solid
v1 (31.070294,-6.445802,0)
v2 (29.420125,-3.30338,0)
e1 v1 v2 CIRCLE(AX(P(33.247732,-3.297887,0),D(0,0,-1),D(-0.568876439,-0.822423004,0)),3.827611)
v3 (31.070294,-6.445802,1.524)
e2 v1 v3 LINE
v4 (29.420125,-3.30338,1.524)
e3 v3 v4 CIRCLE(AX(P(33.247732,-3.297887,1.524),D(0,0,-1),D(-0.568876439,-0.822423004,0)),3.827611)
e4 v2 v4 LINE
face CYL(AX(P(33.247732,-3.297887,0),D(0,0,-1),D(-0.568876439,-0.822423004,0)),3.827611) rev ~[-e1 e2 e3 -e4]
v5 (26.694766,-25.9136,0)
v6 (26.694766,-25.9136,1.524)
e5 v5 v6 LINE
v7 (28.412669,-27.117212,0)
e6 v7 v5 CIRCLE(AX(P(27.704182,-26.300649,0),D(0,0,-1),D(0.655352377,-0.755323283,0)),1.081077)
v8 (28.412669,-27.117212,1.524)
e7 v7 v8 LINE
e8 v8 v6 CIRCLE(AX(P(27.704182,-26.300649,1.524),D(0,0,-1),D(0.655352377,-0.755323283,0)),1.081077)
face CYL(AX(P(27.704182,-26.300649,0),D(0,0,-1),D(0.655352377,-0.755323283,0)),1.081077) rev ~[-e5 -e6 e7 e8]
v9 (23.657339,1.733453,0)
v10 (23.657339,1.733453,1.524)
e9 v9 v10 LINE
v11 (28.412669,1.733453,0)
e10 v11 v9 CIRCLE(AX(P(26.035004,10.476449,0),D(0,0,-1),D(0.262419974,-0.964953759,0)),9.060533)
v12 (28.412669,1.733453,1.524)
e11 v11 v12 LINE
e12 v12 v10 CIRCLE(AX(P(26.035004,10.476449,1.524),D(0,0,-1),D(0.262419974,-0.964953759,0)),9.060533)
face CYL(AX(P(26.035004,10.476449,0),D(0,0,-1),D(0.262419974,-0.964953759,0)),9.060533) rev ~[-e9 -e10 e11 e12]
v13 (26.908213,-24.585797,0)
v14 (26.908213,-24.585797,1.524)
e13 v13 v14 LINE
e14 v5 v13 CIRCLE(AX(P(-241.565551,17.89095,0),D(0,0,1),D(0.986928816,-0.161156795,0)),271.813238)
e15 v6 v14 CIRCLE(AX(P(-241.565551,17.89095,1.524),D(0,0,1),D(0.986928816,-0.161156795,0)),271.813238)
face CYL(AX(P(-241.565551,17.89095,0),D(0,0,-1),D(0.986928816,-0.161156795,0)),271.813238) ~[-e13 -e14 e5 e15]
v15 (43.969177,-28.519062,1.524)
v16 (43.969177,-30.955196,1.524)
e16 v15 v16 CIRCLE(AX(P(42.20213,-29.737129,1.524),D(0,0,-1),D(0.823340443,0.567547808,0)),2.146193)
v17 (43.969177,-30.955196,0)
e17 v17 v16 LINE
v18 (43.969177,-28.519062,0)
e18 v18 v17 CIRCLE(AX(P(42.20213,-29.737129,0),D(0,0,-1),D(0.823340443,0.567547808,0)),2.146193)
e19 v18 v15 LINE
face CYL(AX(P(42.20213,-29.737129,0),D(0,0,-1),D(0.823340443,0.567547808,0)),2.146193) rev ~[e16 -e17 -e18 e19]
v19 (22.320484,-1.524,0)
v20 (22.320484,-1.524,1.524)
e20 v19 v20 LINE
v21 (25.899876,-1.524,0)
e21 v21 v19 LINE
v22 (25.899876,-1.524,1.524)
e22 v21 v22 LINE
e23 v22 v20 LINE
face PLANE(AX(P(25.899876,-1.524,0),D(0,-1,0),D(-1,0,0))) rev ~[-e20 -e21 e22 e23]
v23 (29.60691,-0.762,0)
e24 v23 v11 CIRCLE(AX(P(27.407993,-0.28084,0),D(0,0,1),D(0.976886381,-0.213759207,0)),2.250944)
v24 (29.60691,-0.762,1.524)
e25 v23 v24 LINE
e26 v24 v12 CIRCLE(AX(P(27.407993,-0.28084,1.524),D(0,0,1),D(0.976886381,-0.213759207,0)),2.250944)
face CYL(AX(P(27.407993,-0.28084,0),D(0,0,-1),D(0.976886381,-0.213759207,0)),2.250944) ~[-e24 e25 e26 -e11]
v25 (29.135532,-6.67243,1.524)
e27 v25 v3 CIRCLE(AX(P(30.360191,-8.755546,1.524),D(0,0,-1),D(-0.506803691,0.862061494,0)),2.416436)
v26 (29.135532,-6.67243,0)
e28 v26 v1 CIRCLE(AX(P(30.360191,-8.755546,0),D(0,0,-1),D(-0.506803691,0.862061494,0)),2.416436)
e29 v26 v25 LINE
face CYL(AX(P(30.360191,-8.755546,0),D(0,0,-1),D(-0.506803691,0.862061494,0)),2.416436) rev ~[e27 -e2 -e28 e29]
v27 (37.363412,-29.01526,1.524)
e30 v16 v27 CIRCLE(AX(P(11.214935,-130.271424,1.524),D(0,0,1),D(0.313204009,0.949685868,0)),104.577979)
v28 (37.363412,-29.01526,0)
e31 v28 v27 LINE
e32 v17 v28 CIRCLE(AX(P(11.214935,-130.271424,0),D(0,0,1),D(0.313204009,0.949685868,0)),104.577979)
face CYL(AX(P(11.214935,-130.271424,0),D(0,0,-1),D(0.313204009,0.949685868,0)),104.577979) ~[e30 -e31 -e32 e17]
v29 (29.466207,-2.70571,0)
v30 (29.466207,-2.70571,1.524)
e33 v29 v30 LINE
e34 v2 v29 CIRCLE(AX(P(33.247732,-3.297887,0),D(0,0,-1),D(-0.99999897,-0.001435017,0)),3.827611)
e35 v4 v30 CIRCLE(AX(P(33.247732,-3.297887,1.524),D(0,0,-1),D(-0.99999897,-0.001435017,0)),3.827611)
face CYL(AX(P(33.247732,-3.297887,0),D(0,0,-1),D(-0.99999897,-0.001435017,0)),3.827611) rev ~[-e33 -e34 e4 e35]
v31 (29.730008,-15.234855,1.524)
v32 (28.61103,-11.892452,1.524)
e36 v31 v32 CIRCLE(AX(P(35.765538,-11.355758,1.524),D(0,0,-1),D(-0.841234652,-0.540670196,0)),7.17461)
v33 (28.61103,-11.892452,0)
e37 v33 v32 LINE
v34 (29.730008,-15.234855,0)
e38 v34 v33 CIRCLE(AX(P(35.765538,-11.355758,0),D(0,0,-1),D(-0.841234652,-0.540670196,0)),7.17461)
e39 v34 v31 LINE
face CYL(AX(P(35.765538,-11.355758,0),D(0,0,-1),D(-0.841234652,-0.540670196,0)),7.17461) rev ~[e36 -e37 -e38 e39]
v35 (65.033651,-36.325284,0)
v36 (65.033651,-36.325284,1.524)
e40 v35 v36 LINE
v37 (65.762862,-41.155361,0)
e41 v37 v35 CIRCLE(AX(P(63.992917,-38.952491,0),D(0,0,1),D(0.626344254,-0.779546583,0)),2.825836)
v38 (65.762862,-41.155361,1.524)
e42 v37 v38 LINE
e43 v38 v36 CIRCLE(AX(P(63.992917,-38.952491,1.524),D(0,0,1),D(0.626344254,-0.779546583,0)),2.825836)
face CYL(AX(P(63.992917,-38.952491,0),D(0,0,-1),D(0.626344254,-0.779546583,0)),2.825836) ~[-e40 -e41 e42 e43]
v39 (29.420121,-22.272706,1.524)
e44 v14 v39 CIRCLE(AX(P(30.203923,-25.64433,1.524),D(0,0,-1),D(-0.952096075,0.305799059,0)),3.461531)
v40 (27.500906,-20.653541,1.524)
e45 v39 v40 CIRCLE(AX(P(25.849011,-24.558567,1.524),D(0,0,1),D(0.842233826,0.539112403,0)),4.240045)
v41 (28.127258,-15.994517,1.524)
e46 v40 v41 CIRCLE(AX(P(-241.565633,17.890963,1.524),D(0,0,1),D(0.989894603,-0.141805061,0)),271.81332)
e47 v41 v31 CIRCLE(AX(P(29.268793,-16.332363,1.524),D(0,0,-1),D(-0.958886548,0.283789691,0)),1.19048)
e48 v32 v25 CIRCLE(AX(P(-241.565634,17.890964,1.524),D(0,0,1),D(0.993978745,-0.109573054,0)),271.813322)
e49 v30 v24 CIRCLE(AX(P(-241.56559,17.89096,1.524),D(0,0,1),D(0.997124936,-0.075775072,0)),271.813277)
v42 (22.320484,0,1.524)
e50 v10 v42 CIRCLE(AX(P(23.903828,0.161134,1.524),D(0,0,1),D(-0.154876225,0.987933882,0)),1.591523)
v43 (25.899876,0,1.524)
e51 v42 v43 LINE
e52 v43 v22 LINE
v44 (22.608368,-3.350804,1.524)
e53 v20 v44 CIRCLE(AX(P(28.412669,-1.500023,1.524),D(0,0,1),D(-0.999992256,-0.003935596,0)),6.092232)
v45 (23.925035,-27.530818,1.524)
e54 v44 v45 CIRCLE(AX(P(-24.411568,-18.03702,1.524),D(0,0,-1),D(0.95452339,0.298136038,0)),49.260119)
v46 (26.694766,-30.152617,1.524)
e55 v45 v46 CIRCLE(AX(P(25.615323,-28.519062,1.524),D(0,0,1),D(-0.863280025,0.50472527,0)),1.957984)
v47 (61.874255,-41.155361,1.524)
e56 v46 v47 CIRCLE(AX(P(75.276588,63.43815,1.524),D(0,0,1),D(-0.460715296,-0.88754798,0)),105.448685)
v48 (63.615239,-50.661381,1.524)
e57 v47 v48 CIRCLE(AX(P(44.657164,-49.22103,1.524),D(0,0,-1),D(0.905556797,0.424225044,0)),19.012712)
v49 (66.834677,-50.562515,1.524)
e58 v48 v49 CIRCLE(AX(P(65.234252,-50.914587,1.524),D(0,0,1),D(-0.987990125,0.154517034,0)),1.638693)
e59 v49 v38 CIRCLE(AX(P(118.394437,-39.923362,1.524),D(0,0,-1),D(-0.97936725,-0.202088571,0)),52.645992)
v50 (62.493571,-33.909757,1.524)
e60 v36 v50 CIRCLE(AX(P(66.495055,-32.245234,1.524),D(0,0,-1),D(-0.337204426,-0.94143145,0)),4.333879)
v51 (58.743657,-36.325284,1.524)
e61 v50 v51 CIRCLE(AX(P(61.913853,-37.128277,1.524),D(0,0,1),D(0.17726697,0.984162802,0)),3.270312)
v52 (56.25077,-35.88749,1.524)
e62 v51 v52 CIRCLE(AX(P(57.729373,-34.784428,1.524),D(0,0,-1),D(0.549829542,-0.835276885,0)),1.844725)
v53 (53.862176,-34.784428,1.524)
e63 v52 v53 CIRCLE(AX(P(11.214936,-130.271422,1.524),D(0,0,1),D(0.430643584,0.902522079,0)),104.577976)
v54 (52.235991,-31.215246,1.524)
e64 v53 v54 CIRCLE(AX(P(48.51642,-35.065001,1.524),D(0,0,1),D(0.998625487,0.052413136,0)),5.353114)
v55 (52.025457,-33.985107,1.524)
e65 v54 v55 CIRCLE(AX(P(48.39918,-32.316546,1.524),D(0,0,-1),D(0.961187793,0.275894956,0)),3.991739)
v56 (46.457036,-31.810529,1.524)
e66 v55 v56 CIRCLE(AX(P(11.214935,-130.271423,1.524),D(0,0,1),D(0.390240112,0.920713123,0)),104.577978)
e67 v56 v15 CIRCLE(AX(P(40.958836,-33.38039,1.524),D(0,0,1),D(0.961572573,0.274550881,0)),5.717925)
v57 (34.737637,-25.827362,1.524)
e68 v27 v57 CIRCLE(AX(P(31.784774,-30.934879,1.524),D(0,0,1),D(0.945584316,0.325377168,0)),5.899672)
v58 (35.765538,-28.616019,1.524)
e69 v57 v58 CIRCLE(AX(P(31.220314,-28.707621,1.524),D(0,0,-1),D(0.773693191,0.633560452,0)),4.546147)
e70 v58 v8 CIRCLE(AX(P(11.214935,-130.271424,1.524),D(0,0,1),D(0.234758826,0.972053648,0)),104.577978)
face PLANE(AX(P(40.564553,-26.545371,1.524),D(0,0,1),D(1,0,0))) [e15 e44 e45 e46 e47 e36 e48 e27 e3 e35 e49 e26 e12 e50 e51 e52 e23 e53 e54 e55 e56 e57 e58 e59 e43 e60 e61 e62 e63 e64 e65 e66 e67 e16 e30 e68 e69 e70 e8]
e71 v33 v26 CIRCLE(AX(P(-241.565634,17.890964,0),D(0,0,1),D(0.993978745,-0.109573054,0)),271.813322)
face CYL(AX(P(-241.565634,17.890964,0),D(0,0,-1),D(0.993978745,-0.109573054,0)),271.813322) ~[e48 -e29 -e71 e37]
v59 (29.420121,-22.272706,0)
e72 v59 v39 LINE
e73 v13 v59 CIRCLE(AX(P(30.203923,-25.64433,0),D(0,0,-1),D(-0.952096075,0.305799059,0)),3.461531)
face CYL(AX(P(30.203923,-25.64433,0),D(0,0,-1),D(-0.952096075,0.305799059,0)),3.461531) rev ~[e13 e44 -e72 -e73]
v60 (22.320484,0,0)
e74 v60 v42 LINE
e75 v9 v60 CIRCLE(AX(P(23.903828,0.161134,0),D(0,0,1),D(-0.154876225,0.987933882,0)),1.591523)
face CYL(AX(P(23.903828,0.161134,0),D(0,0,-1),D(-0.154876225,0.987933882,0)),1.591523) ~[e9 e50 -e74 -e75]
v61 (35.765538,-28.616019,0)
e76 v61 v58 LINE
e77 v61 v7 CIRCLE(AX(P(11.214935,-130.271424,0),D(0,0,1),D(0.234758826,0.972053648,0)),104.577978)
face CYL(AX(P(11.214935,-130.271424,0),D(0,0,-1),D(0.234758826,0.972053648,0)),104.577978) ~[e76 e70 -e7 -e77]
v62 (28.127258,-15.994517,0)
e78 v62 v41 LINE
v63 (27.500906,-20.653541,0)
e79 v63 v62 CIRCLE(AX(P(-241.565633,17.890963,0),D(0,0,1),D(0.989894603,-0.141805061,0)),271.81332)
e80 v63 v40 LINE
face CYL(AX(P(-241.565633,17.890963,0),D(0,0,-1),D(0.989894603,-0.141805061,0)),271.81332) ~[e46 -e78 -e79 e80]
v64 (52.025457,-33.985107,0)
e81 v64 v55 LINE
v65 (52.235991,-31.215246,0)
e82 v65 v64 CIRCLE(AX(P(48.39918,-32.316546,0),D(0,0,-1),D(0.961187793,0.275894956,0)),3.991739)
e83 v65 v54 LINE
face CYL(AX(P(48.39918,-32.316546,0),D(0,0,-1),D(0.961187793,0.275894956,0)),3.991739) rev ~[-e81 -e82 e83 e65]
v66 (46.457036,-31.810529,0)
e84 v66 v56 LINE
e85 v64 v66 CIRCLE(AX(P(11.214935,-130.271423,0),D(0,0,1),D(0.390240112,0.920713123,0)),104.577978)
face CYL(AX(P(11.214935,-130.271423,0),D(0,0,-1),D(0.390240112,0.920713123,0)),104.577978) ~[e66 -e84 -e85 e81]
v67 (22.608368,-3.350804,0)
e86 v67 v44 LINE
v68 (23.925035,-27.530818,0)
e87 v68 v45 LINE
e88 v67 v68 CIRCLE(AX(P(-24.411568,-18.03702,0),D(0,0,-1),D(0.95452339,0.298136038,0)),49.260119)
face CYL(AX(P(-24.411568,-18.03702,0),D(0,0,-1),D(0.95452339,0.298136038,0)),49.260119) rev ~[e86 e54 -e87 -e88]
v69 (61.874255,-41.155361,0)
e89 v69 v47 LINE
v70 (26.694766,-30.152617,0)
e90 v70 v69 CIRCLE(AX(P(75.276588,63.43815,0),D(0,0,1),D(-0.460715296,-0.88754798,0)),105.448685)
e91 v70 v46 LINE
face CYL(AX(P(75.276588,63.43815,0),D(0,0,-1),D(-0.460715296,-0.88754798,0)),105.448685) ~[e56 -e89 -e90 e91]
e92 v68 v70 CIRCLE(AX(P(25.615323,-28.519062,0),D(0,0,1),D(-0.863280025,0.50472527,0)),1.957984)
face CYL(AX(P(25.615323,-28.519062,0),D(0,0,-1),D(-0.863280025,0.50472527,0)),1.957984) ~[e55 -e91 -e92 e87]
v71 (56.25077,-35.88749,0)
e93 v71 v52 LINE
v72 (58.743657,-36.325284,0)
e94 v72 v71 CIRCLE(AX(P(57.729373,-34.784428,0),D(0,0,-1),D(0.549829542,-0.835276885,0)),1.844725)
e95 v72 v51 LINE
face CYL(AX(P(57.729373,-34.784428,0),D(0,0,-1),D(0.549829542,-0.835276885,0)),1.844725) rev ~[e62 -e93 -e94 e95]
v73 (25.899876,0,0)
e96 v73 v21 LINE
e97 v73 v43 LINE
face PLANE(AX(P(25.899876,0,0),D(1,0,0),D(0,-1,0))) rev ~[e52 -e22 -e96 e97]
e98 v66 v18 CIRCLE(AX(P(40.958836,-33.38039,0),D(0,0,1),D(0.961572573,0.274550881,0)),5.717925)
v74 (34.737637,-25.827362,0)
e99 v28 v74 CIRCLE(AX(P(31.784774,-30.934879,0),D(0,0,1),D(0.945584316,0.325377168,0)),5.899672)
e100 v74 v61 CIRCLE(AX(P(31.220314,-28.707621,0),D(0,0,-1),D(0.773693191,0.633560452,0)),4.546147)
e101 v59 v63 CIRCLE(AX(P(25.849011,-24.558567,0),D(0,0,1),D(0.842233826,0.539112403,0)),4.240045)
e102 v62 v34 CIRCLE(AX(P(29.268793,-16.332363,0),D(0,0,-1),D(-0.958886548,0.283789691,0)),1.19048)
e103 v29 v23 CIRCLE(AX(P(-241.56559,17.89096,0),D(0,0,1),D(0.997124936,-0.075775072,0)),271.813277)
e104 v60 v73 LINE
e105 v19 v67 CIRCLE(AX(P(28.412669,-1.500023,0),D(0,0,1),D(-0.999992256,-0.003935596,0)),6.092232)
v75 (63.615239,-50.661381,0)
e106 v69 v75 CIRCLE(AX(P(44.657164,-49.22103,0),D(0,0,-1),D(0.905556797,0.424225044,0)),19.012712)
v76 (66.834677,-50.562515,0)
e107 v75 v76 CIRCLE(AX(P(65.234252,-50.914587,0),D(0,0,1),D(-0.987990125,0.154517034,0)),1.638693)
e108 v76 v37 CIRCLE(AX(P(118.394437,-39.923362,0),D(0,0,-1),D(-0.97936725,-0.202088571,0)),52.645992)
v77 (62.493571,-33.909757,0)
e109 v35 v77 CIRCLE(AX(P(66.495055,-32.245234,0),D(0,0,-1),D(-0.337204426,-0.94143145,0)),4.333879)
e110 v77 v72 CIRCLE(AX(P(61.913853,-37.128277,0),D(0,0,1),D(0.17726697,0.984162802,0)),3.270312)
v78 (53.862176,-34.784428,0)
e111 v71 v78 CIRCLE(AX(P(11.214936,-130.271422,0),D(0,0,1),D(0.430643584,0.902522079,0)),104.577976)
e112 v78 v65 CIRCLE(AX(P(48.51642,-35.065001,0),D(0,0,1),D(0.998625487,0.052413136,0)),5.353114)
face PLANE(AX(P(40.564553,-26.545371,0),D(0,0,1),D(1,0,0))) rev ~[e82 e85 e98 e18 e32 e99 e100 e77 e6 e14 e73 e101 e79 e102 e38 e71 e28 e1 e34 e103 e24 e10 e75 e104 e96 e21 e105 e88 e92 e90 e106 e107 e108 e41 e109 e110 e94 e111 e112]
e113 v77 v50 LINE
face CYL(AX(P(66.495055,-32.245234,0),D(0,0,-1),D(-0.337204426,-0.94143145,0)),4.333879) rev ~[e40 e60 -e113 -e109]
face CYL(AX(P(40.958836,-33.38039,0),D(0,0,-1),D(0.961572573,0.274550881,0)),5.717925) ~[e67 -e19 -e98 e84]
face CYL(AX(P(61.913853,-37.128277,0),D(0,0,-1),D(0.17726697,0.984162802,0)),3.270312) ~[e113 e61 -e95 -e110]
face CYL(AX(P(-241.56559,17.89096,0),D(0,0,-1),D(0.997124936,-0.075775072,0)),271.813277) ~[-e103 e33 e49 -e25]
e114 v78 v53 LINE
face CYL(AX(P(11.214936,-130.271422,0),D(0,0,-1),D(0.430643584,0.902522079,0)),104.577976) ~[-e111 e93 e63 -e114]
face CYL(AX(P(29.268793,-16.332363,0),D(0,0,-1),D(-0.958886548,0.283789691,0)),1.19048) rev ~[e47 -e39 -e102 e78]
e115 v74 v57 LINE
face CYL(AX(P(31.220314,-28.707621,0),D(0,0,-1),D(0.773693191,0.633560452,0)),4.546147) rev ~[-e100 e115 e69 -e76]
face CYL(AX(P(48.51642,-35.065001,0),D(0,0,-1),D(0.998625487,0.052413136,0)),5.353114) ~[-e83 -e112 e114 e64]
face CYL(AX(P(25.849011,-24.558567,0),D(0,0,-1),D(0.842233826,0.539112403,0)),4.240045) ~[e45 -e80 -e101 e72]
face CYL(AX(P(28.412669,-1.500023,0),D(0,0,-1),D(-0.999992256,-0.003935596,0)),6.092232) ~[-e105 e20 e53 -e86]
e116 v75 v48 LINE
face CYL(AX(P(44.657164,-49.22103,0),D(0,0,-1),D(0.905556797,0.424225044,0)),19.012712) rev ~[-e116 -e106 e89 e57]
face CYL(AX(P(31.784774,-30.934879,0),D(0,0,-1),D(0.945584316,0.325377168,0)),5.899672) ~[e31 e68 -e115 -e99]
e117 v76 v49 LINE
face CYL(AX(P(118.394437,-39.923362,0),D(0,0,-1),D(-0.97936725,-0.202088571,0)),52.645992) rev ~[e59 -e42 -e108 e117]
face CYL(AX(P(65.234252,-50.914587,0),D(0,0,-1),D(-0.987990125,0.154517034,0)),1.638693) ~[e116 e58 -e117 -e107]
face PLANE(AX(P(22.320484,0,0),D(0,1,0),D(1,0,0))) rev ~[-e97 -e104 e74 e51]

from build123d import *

# Parameters (mm, degrees)
BOSS_EXTRUDE1_DEPTH = 1.524


with BuildPart() as part:
    # Sketch1 → Boss-Extrude1 (new body)
    with BuildSketch(Plane.XY):
        with BuildLine():
            Line((25.899875794, 0), (25.899875794, -1.524))
            Line((25.899875794, -1.524), (22.32048354, -1.524))
            ThreePointArc((22.32048354, -1.524), (22.394704152, -2.448389179), (22.608367924, -3.350803633))
            ThreePointArc((22.608367924, -3.350803633), (24.775682693, -15.358642742), (23.925034543, -27.530818024))
            ThreePointArc((23.925034543, -27.530818024), (24.269313487, -29.941018013), (26.694765546, -30.152617376))
            ThreePointArc((26.694765546, -30.152617376), (43.800025443, -37.203050355), (61.874254559, -41.155361478))
            ThreePointArc((61.874254559, -41.155361478), (63.35881503, -45.79590736), (63.615238945, -50.661380887))
            ThreePointArc((63.615238945, -50.661380887), (65.284550388, -52.552507853), (66.8346767, -50.562515312))
            ThreePointArc((66.8346767, -50.562515312), (66.086863923, -45.883082095), (65.762862434, -41.155361478))
            ThreePointArc((65.762862434, -41.155361478), (66.787088001, -38.530646728), (65.033651376, -36.325283826))
            ThreePointArc((65.033651376, -36.325283826), (63.508505747, -35.385780492), (62.493571354, -33.909757498))
            ThreePointArc((62.493571354, -33.909757498), (60.142882659, -34.378985159), (58.743656643, -36.325283826))
            ThreePointArc((58.743656643, -36.325283826), (57.410289813, -36.601347141), (56.250770366, -35.887489516))
            ThreePointArc((56.250770366, -35.887489516), (55.059942052, -35.328446838), (53.862175702, -34.784427942))
            ThreePointArc((53.862175702, -34.784427942), (53.387744375, -32.845536507), (52.235990682, -31.215245578))
            ThreePointArc((52.235990682, -31.215245578), (52.379437809, -32.619080701), (52.025456966, -33.985106943))
            ThreePointArc((52.025456966, -33.985106943), (49.256787636, -32.858021413), (46.457035721, -31.810528756))
            ThreePointArc((46.457035721, -31.810528756), (45.520333016, -29.932577753), (43.969177054, -28.519061884))
            ThreePointArc((43.969177054, -28.519061884), (44.348322504, -29.737128844), (43.969177054, -30.955195804))
            ThreePointArc((43.969177054, -30.955195804), (40.682262853, -29.930853217), (37.363411838, -29.015260162))
            ThreePointArc((37.363411838, -29.015260162), (36.338596802, -27.1840345), (34.737637182, -25.82736152))
            ThreePointArc((34.737637182, -25.82736152), (35.485911293, -27.135318264), (35.76553834, -28.616018674))
            ThreePointArc((35.76553834, -28.616018674), (32.102551283, -27.80064259), (28.412668556, -27.117211688))
            ThreePointArc((28.412668556, -27.117211688), (27.08385139, -27.186040378), (26.694765546, -25.913599945))
            ThreePointArc((26.694765546, -25.913599945), (26.802310466, -25.249830728), (26.908212993, -24.585797492))
            ThreePointArc((26.908212993, -24.585797492), (27.859098363, -23.097961687), (29.420120996, -22.272706147))
            ThreePointArc((29.420120996, -22.272706147), (28.583123123, -21.317792963), (27.500905932, -20.653541067))
            ThreePointArc((27.500905932, -20.653541067), (27.824154163, -18.325383322), (28.127257878, -15.994517379))
            ThreePointArc((28.127257878, -15.994517379), (28.758910246, -15.256602171), (29.730007897, -15.234855434))
            ThreePointArc((29.730007897, -15.234855434), (28.962069061, -13.633439137), (28.611030242, -11.892452072))
            ThreePointArc((28.611030242, -11.892452072), (28.885875625, -9.28370644), (29.135532328, -6.672429877))
            ThreePointArc((29.135532328, -6.672429877), (30.079064964, -6.355518981), (31.070294126, -6.44580243))
            ThreePointArc((31.070294126, -6.44580243), (29.85894962, -5.077426559), (29.420124937, -3.303380072))
            ThreePointArc((29.420124937, -3.303380072), (29.431447758, -3.003641616), (29.466206898, -2.705710163))
            ThreePointArc((29.466206898, -2.705710163), (29.538300485, -1.73398118), (29.606910148, -0.762))
            ThreePointArc((29.606910148, -0.762), (29.438405233, 0.690848146), (28.412668556, 1.733453494))
            ThreePointArc((28.412668556, 1.733453494), (26.035003808, 1.415915884), (23.657339059, 1.733453494))
            ThreePointArc((23.657339059, 1.733453494), (22.643555103, 1.133068669), (22.32048354, 0))
            Line((22.32048354, 0), (25.899875794, 0))
        make_face()
    extrude(amount=BOSS_EXTRUDE1_DEPTH)


solid = part.part
